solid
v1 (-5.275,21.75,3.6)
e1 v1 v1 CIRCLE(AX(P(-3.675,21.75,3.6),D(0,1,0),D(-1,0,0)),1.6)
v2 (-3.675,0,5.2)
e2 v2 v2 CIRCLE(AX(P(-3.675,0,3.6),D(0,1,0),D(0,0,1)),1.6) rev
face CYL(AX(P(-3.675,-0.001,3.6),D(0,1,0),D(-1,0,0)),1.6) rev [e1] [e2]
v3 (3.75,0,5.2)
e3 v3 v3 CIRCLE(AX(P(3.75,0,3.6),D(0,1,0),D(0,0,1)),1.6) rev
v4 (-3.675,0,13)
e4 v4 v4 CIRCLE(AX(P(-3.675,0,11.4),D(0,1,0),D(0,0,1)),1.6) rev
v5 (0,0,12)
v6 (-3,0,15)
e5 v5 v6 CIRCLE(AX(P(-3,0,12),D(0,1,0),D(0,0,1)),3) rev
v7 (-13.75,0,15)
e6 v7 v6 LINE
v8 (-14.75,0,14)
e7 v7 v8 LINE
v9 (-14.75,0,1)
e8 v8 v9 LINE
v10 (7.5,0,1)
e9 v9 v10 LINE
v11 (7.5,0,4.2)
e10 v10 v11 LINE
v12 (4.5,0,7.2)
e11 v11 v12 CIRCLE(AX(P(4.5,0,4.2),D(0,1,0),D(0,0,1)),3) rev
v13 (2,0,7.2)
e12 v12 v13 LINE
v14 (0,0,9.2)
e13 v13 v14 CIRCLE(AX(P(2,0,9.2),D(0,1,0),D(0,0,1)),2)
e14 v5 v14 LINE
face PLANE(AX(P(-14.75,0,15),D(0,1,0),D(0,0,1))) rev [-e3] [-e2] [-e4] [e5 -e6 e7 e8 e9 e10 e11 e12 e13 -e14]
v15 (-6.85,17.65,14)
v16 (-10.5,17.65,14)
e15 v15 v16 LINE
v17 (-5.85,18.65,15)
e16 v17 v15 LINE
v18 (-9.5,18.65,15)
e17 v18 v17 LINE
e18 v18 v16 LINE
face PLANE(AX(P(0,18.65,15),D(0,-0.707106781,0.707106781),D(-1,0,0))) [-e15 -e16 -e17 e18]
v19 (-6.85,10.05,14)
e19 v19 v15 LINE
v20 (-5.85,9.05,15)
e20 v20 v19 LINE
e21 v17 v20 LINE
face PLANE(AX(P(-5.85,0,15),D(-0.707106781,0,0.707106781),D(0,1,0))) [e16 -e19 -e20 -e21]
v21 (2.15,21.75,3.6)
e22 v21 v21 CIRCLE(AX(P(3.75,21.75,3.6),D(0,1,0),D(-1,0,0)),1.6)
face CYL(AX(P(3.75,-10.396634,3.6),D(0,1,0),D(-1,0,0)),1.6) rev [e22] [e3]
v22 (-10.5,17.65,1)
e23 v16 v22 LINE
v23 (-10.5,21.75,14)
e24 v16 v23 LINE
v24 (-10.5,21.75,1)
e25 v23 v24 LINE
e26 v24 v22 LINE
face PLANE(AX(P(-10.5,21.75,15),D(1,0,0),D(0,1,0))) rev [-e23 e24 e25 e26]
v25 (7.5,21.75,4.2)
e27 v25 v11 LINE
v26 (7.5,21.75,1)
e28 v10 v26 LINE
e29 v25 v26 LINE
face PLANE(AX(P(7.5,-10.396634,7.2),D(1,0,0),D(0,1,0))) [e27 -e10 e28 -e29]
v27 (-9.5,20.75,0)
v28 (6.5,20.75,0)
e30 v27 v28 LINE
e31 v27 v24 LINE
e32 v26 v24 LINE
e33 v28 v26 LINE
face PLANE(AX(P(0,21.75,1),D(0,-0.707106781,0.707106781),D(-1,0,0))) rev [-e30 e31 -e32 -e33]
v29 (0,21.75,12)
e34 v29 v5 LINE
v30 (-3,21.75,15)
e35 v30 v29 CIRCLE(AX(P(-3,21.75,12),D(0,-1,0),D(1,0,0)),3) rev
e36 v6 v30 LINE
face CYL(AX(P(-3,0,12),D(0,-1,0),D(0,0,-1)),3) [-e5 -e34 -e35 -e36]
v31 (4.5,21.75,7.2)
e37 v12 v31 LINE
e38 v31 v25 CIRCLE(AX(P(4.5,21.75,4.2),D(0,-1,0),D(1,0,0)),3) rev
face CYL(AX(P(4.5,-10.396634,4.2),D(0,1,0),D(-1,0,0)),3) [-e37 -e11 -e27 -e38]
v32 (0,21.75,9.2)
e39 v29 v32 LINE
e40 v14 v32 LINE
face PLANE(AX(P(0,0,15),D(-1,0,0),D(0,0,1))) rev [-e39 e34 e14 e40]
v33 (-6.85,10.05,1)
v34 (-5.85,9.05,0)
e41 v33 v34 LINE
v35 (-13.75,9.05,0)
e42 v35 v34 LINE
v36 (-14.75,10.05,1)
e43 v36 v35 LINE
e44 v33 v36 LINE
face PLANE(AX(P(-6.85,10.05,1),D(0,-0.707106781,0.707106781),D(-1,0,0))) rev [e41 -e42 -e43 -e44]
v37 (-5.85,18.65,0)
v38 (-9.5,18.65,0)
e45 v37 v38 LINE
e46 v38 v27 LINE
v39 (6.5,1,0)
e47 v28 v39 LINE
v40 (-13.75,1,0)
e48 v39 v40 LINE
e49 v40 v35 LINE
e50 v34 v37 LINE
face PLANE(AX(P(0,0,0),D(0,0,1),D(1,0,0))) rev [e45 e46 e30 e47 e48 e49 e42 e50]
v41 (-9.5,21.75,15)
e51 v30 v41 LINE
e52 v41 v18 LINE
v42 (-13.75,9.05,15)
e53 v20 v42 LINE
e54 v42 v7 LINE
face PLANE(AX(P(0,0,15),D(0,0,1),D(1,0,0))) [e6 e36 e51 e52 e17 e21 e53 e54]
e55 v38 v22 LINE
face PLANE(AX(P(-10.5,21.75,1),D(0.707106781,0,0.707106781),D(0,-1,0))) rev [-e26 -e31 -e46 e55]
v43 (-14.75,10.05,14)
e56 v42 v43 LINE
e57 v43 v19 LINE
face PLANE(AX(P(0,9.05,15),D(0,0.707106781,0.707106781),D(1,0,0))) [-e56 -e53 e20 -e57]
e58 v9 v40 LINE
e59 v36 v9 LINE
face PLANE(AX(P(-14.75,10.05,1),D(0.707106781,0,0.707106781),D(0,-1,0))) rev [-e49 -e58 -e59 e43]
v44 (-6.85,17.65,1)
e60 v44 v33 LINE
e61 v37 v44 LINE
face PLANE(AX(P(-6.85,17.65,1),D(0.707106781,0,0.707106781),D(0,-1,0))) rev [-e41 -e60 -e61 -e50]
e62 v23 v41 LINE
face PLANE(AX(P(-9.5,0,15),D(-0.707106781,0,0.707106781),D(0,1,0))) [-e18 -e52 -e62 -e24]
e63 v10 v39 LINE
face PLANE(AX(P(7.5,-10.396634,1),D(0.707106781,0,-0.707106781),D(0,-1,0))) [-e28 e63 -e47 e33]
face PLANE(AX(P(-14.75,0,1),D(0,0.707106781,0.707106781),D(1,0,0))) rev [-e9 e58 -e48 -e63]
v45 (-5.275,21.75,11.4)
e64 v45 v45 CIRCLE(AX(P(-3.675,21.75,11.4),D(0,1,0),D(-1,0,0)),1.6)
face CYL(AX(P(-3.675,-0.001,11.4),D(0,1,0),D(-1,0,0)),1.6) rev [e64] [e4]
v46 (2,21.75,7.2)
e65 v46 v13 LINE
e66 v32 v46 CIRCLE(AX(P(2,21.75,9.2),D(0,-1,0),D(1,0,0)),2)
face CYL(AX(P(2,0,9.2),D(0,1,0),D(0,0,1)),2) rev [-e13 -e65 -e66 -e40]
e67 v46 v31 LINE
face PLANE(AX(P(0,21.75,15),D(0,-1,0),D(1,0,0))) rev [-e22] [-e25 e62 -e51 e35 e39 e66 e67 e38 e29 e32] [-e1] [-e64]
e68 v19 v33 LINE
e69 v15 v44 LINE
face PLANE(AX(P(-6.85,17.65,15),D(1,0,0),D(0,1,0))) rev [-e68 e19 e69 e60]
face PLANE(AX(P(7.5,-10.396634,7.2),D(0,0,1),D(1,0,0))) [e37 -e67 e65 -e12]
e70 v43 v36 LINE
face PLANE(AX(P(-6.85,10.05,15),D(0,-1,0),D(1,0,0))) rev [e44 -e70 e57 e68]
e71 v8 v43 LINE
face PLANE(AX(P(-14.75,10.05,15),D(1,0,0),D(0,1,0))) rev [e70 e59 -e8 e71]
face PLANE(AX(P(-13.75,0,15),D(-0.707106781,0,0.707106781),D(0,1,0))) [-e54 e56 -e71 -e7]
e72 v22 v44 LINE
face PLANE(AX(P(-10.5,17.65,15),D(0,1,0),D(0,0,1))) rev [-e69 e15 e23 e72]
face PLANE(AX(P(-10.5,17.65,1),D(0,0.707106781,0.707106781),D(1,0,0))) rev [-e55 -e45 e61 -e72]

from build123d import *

# Parameters (mm, degrees)
RESSALTO_EXTRUS_O1_DEPTH = 15
CORTE_EXTRUS_O1_REACH    = 32.259
ESBO_O2_R                = 1.6
ESBO_O3_W                = 7.5
ESBO_O3_H                = 7.2
ESBO_O3_R                = 1.6
RESSALTO_EXTRUS_O2_DEPTH = 21.75
FILETE1_R                = 2
FILETE2_R                = 3
CHANFRO1_SIZE            = 1
CHANFRO2_SIZE            = 1


with BuildPart() as part:
    # Esboço1 → Ressalto-extrusão1 (new body)
    with BuildSketch(Plane.XY):
        Polygon((0, 0), (0, 21.75), (-10.5, 21.75), (-10.5, 17.65), (-6.85, 17.65), (-6.85, 10.05), (-14.75, 10.05), (-14.75, 0), align=None)
    extrude(amount=RESSALTO_EXTRUS_O1_DEPTH)

    # Esboço2 → Corte-extrusão1 (cut, up to next)
    with BuildSketch(Plane(origin=(0, 21.75, 0), x_dir=(1, 0, 0), z_dir=(0, 1, 0)), mode=Mode.PRIVATE) as corte_extrus_o1_sk1:
        with Locations(Location((-3.675, -3.6, 0), (0, 0, 180))):
            Circle(ESBO_O2_R)
    corte_extrus_o1_tool1 = extrude(corte_extrus_o1_sk1.sketch, amount=-CORTE_EXTRUS_O1_REACH, mode=Mode.PRIVATE) & part.part
    # Esboço2 → Corte-extrusão1 (cut, up to next)
    with BuildSketch(Plane(origin=(0, 21.75, 0), x_dir=(1, 0, 0), z_dir=(0, 1, 0)), mode=Mode.PRIVATE) as corte_extrus_o1_sk2:
        with Locations(Location((-3.675, -11.4, 0), (0, 0, 180))):
            Circle(ESBO_O2_R)
    corte_extrus_o1_tool2 = extrude(corte_extrus_o1_sk2.sketch, amount=-CORTE_EXTRUS_O1_REACH, mode=Mode.PRIVATE) & part.part
    add(corte_extrus_o1_tool1.solids().sort_by_distance((-3.675, 21.75, 3.6))[0], mode=Mode.SUBTRACT)
    add(corte_extrus_o1_tool2.solids().sort_by_distance((-3.675, 21.75, 11.4))[0], mode=Mode.SUBTRACT)

    # Esboço3 → Ressalto-extrusão2 (add)
    with BuildSketch(Plane(origin=(0, 21.75, 0), x_dir=(1, 0, 0), z_dir=(0, 1, 0))):
        with Locations((3.75, -3.6)):
            Rectangle(ESBO_O3_W, ESBO_O3_H)
        with Locations(Location((3.75, -3.6, 0), (0, 0, 180))):
            Circle(ESBO_O3_R, mode=Mode.SUBTRACT)
    extrude(amount=-RESSALTO_EXTRUS_O2_DEPTH)

    # Filete1
    filete1_edges = [part.edges().sort_by_distance(p)[0] for p in [
        (0, 10.875, 7.2),
    ]]
    fillet(filete1_edges, radius=FILETE1_R)

    # Filete2
    filete2_edges = [part.edges().sort_by_distance(p)[0] for p in [
        (7.5, 10.875, 7.2),
        (0, 10.875, 15),
    ]]
    fillet(filete2_edges, radius=FILETE2_R)

    # Chanfro1
    chanfro1_edges = [part.edges().sort_by_distance(p)[0] for p in [
        (-3.625, 0, 0),
        (7.5, 10.875, 0),
        (-14.75, 5.025, 0),
        (-10.8, 10.05, 0),
        (-6.85, 13.85, 0),
        (-8.675, 17.65, 0),
        (-10.5, 19.7, 0),
        (-1.5, 21.75, 0),
    ]]
    chamfer(chanfro1_edges, length=CHANFRO1_SIZE)

    # Chanfro2
    chanfro2_edges = [part.edges().sort_by_distance(p)[0] for p in [
        (-10.5, 19.7, 15),
        (-8.675, 17.65, 15),
        (-6.85, 13.85, 15),
        (-10.8, 10.05, 15),
        (-14.75, 5.025, 15),
    ]]
    chamfer(chanfro2_edges, length=CHANFRO2_SIZE)


solid = part.part
